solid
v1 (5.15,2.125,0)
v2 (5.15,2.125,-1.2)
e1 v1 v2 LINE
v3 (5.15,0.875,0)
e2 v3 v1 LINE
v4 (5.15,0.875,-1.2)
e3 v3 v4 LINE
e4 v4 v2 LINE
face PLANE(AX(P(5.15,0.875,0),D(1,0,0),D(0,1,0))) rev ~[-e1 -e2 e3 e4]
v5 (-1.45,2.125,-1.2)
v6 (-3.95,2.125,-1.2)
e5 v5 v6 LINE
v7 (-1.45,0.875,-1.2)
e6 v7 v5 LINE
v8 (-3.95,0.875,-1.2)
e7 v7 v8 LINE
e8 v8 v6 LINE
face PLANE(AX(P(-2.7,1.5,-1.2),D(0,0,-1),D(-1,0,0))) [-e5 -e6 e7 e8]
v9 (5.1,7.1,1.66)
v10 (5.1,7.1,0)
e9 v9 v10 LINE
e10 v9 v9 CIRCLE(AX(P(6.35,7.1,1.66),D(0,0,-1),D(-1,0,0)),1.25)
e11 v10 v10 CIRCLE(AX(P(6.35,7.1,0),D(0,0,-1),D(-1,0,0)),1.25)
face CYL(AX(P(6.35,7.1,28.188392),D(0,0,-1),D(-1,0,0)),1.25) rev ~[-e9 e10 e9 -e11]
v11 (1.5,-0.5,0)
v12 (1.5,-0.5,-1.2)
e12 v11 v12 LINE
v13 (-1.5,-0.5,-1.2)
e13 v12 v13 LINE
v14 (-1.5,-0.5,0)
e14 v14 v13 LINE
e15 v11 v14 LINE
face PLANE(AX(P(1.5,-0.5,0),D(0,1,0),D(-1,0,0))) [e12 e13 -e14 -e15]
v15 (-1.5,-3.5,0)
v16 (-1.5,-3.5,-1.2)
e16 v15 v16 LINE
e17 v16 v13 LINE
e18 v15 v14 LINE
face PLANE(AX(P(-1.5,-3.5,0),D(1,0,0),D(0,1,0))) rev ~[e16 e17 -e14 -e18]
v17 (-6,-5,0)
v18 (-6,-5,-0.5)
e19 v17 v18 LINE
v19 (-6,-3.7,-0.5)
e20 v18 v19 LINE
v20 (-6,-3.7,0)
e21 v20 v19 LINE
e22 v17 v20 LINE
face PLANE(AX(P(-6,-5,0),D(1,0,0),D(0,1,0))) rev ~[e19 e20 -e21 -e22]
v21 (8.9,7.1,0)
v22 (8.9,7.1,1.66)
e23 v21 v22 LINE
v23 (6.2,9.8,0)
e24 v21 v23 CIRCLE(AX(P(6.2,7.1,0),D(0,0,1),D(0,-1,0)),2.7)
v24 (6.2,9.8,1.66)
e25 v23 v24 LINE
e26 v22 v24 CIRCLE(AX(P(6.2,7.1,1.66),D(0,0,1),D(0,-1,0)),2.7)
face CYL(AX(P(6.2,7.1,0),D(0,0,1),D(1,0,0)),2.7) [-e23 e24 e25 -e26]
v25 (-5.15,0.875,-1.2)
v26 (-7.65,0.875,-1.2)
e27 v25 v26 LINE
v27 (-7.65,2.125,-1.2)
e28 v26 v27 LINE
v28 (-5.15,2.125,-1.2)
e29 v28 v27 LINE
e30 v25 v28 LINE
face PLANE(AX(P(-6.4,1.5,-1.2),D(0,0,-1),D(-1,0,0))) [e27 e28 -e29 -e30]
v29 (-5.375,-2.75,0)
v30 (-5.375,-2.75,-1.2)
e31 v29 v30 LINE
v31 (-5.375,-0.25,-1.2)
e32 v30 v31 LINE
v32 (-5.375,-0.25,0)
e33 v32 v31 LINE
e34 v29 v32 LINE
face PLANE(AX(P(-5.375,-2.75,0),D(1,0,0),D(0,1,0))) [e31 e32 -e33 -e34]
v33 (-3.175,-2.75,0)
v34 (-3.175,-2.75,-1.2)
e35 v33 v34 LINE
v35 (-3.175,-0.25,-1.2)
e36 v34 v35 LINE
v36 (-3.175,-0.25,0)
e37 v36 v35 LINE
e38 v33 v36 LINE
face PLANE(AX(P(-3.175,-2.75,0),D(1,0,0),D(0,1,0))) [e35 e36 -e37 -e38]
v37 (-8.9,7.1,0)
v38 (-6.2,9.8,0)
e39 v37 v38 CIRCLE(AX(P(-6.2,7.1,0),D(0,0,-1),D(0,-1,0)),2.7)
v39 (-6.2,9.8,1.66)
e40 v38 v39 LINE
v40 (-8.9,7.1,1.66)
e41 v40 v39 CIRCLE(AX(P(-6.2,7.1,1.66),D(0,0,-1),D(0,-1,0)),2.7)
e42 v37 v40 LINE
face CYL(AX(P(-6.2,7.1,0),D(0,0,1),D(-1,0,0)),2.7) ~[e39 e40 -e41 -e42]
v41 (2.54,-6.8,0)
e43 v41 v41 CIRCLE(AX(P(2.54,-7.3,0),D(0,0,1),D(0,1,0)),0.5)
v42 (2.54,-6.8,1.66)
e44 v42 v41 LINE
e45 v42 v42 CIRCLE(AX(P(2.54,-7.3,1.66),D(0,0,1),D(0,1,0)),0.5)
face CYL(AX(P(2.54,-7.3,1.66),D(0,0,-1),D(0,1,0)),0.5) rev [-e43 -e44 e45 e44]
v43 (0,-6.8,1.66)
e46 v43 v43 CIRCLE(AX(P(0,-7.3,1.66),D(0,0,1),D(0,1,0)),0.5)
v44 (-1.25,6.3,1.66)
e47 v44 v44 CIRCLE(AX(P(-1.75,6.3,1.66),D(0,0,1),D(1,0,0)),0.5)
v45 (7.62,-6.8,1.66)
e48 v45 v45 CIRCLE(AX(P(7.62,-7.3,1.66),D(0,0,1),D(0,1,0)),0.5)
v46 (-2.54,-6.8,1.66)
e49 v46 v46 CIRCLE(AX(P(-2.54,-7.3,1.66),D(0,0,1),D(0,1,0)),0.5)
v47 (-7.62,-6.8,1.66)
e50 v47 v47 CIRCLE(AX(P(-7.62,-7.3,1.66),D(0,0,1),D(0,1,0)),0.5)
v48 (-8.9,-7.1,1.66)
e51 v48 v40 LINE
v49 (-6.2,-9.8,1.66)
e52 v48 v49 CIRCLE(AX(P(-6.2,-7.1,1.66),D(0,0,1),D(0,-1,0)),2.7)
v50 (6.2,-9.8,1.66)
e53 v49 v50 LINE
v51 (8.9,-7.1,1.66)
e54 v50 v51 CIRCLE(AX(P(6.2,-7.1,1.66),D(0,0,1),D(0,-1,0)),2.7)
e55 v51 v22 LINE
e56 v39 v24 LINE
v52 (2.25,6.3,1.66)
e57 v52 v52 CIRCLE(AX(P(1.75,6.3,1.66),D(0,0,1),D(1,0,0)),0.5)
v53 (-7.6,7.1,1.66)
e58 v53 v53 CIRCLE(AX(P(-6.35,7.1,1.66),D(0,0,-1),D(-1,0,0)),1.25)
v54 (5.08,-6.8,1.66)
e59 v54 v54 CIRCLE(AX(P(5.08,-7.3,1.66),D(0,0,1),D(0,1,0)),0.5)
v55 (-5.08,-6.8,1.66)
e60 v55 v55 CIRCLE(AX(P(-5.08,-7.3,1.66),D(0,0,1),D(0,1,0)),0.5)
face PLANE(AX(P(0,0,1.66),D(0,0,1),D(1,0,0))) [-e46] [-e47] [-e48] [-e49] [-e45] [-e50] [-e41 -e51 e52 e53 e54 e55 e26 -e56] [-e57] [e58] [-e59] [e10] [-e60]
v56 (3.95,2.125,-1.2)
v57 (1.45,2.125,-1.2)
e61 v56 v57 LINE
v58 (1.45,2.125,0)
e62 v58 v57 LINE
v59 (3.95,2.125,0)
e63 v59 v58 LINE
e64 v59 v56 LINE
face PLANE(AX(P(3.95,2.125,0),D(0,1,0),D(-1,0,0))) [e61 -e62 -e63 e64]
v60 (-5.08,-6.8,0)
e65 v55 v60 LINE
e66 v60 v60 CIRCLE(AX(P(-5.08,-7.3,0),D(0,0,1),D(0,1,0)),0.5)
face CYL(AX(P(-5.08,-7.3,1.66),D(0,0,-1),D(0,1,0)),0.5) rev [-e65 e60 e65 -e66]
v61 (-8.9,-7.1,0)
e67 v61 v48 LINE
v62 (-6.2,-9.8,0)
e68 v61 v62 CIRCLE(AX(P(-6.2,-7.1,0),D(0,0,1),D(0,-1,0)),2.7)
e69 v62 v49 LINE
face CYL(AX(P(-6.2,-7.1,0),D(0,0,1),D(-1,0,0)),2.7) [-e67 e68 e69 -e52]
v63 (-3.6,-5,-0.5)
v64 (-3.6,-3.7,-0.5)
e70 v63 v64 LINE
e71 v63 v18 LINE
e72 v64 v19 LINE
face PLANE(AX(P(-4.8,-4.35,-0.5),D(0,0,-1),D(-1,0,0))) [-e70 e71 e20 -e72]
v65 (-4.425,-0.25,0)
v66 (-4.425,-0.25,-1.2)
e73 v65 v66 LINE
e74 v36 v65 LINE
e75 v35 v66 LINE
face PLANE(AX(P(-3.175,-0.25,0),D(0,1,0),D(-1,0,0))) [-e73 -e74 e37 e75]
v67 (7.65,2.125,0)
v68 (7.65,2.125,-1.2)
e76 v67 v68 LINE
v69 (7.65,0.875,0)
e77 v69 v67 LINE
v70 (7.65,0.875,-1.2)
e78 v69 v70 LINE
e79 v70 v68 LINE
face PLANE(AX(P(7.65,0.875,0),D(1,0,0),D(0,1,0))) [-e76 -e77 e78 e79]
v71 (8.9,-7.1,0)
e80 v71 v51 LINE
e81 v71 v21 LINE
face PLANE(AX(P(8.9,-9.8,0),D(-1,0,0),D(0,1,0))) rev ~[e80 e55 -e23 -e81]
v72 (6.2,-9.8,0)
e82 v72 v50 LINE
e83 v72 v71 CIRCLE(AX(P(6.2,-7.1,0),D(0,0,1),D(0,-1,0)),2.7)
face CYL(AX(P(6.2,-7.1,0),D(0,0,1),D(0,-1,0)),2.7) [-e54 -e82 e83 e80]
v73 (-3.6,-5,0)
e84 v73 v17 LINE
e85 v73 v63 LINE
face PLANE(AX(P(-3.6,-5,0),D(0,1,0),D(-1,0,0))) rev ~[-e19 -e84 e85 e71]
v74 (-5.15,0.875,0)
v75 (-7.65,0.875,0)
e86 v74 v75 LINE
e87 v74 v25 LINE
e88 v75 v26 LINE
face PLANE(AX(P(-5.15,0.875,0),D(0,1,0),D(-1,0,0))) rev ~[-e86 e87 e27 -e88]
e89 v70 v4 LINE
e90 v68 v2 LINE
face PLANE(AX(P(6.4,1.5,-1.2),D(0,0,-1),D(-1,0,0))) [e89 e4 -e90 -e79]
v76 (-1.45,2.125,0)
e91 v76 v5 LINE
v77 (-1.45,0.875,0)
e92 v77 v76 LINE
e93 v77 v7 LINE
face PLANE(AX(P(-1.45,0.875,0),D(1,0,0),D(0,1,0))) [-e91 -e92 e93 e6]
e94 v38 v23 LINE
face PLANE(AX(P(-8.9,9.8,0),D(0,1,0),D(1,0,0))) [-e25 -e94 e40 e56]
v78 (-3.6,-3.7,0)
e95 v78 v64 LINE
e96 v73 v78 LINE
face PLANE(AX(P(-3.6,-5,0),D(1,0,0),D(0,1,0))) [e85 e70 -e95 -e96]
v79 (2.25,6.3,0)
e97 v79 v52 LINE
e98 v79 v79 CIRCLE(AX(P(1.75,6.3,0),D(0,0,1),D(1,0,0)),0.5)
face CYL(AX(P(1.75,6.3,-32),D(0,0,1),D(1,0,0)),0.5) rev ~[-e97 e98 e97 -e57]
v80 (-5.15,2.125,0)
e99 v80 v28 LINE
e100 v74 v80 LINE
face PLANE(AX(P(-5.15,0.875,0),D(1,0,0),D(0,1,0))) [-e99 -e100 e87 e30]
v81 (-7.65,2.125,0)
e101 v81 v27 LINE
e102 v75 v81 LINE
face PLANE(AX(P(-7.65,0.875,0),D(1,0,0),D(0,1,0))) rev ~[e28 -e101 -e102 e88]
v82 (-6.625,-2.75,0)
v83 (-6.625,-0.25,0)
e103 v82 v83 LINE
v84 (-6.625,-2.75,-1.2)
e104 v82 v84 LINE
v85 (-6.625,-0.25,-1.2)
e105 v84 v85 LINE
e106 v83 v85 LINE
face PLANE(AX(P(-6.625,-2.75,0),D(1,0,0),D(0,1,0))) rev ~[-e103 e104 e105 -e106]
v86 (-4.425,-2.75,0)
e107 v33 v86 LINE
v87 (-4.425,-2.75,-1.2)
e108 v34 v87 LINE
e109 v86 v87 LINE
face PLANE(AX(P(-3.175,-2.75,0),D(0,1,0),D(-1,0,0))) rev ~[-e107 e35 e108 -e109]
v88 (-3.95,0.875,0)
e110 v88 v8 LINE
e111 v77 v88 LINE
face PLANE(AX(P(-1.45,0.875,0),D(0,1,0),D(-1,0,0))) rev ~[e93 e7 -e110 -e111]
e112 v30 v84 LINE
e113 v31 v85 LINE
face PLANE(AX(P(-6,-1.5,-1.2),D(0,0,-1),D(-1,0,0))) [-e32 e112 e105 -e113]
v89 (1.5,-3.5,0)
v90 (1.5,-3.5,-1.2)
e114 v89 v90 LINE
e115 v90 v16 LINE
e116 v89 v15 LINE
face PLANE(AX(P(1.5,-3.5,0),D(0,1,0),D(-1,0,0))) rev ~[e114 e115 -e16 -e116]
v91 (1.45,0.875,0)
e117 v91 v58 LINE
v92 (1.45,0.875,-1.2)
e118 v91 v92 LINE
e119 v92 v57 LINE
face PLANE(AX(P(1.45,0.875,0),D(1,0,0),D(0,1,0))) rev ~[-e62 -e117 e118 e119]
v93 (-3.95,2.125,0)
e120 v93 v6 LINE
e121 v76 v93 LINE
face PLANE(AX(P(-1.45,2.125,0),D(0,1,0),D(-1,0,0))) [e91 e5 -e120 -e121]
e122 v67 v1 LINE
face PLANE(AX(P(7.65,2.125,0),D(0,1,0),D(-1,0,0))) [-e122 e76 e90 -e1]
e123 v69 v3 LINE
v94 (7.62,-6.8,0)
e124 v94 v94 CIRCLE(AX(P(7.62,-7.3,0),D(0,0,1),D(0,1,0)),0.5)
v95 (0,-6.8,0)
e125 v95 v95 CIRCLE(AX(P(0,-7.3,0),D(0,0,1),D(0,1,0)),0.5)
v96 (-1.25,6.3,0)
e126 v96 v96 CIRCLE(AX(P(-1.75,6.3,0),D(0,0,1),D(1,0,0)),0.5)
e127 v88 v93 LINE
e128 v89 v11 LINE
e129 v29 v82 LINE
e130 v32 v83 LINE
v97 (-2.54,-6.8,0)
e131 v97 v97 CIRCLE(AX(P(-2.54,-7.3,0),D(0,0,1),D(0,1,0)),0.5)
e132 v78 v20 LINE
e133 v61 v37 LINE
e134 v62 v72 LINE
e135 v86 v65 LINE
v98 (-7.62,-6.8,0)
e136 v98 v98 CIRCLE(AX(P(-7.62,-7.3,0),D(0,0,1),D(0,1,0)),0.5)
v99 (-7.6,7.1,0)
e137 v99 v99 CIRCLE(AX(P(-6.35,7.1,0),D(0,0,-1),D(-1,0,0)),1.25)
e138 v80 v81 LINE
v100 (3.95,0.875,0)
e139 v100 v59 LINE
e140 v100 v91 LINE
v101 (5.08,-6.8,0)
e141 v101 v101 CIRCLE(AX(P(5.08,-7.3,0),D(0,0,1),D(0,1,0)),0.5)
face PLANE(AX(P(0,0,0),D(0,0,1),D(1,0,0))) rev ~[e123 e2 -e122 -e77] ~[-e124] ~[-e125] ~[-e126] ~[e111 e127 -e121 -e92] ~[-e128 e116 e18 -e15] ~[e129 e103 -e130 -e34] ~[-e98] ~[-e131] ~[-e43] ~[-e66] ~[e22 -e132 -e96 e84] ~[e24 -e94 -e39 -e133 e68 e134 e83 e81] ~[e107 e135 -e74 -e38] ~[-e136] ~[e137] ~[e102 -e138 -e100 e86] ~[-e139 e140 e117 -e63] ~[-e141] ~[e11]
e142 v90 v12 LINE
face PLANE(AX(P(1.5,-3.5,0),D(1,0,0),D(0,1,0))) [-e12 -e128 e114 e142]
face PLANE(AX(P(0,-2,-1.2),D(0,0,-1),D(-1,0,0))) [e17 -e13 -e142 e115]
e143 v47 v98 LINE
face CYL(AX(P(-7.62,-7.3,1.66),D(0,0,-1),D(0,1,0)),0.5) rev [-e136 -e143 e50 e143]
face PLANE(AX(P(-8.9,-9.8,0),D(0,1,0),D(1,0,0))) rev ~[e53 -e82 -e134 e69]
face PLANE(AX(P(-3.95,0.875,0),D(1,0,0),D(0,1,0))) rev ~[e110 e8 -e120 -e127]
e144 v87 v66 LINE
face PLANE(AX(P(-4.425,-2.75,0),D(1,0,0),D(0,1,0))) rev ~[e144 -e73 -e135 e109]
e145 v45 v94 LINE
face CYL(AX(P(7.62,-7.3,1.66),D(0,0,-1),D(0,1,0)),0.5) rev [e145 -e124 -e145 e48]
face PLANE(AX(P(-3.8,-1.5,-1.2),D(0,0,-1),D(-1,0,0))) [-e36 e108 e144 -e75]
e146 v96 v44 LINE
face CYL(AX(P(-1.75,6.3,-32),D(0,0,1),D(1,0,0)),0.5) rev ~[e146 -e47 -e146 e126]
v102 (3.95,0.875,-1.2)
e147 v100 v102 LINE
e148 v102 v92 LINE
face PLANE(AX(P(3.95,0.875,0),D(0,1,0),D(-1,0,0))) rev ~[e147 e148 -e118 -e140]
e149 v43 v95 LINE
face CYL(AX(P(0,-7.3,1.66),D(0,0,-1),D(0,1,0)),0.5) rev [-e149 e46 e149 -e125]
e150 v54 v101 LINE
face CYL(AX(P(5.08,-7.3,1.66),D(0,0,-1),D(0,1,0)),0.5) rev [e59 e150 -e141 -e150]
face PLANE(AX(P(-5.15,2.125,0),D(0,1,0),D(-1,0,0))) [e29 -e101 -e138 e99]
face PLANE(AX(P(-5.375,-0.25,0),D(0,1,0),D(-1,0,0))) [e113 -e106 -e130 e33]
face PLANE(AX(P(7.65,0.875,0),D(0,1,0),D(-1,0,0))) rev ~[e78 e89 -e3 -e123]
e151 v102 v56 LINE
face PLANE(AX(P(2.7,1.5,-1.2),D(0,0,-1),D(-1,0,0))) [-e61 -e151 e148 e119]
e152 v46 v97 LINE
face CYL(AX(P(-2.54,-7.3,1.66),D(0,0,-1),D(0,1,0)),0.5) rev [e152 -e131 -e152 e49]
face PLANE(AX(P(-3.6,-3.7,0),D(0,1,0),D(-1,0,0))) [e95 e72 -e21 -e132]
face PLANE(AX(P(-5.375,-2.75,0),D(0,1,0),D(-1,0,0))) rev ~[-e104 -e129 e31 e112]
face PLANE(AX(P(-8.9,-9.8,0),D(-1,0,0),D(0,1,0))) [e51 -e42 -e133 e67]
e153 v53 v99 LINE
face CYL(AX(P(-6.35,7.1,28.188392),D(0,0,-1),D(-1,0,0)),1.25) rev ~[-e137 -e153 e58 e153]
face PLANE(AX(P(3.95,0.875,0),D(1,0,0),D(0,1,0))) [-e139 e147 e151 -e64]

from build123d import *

# Parameters (mm, degrees)
SKETCH1_W                    = 17.8
SKETCH1_H                    = 19.6
BOSS_EXTRUDE1_DEPTH          = 1.66
FILLET1_R                    = 2.7
F_2_5_2_5_DIAMETER_HOLE1_D   = 2.5
F_1_0_1_DIAMETER_HOLE1_D     = 1
F_1_0_1_DIAMETER_HOLE1_DEPTH = 32
F_1_0_1_DIAMETER_HOLE1_TIP   = 0.30043031
LPATTERN1_COUNT              = 7
LPATTERN1_PITCH              = 2.54
SKETCH9_W                    = 3
SKETCH9_H                    = 3
BOSS_EXTRUDE2_DEPTH          = 1.2
SKETCH10_W                   = 2.5
SKETCH10_H                   = 1.25
SKETCH10_W_2                 = 1.25
SKETCH10_H_2                 = 2.5
BOSS_EXTRUDE3_DEPTH          = 1.2
SKETCH11_W                   = 2.4
SKETCH11_H                   = 1.3
BOSS_EXTRUDE4_DEPTH          = 0.5


with BuildPart() as part:
    # Sketch1 → Boss-Extrude1 (new body)
    with BuildSketch(Plane.XY):
        Rectangle(SKETCH1_W, SKETCH1_H)
    extrude(amount=BOSS_EXTRUDE1_DEPTH)

    # Fillet1
    fillet1_edges = [part.edges().sort_by_distance(p)[0] for p in [
        (-8.9, 9.8, 0.83),
        (8.9, 9.8, 0.83),
        (8.9, -9.8, 0.83),
        (-8.9, -9.8, 0.83),
    ]]
    fillet(fillet1_edges, radius=FILLET1_R)

    # Ø2.5 (2.5) Diameter Hole1 (through all)
    with Locations(Plane.XY.offset(1.66)):
        with Locations((-6.35, 7.1), (6.35, 7.1)):
            Hole(F_2_5_2_5_DIAMETER_HOLE1_D / 2)

    # Ø1.0 (1) Diameter Hole1
    with Locations(Plane(origin=(0, 0, 0), x_dir=(-1, 0, 0), z_dir=(0, 0, -1))):
        with Locations((-1.75, 6.3), (1.75, 6.3)):
            Hole(F_1_0_1_DIAMETER_HOLE1_D / 2, depth=F_1_0_1_DIAMETER_HOLE1_DEPTH)
            with Locations((0, 0, -(F_1_0_1_DIAMETER_HOLE1_DEPTH + F_1_0_1_DIAMETER_HOLE1_TIP / 2))):  # 118° drill point
                Cone(0, F_1_0_1_DIAMETER_HOLE1_D / 2, F_1_0_1_DIAMETER_HOLE1_TIP, mode=Mode.SUBTRACT)

    # Sketch7 → Ø1.0 (1) Diameter Hole2 (revolve, cut)
    with BuildSketch(Plane(origin=(7.62, -7.3, 0), x_dir=(0, 1, 0), z_dir=(1, 0, 0))):
        Polygon((0, 0), (0, 1.96043031), (0.5, 1.66), (0.5, 0), align=None)
    f_1_0_1_diameter_hole2 = revolve(axis=Axis((7.62, -7.3, -6.35), (0, 0, 1)), mode=Mode.SUBTRACT)

    # LPattern1: Ø1.0 (1) Diameter Hole2 ×7
    with Locations(*[(-i * LPATTERN1_PITCH, 0, 0) for i in range(1, LPATTERN1_COUNT)]):
        add(f_1_0_1_diameter_hole2, mode=Mode.SUBTRACT)

    # Sketch9 → Boss-Extrude2 (add)
    with BuildSketch(Plane(origin=(0, 0, 0), x_dir=(-1, 0, 0), z_dir=(0, 0, -1))):
        with Locations((0, -2)):
            Rectangle(SKETCH9_W, SKETCH9_H)
    extrude(amount=BOSS_EXTRUDE2_DEPTH)

    # Sketch10 → Boss-Extrude3 (add)
    with BuildSketch(Plane(origin=(0, 0, 0), x_dir=(-1, 0, 0), z_dir=(0, 0, -1))):
        with Locations((2.7, 1.5)):
            Rectangle(SKETCH10_W, SKETCH10_H)
        with Locations((-6.4, 1.5)):
            Rectangle(SKETCH10_W, SKETCH10_H)
        with Locations((-2.7, 1.5)):
            Rectangle(SKETCH10_W, SKETCH10_H)
        with Locations((6.4, 1.5)):
            Rectangle(SKETCH10_W, SKETCH10_H)
        with Locations((3.8, -1.5)):
            Rectangle(SKETCH10_W_2, SKETCH10_H_2)
        with Locations((6, -1.5)):
            Rectangle(SKETCH10_W_2, SKETCH10_H_2)
    extrude(amount=BOSS_EXTRUDE3_DEPTH)

    # Sketch11 → Boss-Extrude4 (add)
    with BuildSketch(Plane(origin=(0, 0, 0), x_dir=(-1, 0, 0), z_dir=(0, 0, -1))):
        with Locations((4.8, -4.35)):
            Rectangle(SKETCH11_W, SKETCH11_H)
    extrude(amount=BOSS_EXTRUDE4_DEPTH)


solid = part.part
